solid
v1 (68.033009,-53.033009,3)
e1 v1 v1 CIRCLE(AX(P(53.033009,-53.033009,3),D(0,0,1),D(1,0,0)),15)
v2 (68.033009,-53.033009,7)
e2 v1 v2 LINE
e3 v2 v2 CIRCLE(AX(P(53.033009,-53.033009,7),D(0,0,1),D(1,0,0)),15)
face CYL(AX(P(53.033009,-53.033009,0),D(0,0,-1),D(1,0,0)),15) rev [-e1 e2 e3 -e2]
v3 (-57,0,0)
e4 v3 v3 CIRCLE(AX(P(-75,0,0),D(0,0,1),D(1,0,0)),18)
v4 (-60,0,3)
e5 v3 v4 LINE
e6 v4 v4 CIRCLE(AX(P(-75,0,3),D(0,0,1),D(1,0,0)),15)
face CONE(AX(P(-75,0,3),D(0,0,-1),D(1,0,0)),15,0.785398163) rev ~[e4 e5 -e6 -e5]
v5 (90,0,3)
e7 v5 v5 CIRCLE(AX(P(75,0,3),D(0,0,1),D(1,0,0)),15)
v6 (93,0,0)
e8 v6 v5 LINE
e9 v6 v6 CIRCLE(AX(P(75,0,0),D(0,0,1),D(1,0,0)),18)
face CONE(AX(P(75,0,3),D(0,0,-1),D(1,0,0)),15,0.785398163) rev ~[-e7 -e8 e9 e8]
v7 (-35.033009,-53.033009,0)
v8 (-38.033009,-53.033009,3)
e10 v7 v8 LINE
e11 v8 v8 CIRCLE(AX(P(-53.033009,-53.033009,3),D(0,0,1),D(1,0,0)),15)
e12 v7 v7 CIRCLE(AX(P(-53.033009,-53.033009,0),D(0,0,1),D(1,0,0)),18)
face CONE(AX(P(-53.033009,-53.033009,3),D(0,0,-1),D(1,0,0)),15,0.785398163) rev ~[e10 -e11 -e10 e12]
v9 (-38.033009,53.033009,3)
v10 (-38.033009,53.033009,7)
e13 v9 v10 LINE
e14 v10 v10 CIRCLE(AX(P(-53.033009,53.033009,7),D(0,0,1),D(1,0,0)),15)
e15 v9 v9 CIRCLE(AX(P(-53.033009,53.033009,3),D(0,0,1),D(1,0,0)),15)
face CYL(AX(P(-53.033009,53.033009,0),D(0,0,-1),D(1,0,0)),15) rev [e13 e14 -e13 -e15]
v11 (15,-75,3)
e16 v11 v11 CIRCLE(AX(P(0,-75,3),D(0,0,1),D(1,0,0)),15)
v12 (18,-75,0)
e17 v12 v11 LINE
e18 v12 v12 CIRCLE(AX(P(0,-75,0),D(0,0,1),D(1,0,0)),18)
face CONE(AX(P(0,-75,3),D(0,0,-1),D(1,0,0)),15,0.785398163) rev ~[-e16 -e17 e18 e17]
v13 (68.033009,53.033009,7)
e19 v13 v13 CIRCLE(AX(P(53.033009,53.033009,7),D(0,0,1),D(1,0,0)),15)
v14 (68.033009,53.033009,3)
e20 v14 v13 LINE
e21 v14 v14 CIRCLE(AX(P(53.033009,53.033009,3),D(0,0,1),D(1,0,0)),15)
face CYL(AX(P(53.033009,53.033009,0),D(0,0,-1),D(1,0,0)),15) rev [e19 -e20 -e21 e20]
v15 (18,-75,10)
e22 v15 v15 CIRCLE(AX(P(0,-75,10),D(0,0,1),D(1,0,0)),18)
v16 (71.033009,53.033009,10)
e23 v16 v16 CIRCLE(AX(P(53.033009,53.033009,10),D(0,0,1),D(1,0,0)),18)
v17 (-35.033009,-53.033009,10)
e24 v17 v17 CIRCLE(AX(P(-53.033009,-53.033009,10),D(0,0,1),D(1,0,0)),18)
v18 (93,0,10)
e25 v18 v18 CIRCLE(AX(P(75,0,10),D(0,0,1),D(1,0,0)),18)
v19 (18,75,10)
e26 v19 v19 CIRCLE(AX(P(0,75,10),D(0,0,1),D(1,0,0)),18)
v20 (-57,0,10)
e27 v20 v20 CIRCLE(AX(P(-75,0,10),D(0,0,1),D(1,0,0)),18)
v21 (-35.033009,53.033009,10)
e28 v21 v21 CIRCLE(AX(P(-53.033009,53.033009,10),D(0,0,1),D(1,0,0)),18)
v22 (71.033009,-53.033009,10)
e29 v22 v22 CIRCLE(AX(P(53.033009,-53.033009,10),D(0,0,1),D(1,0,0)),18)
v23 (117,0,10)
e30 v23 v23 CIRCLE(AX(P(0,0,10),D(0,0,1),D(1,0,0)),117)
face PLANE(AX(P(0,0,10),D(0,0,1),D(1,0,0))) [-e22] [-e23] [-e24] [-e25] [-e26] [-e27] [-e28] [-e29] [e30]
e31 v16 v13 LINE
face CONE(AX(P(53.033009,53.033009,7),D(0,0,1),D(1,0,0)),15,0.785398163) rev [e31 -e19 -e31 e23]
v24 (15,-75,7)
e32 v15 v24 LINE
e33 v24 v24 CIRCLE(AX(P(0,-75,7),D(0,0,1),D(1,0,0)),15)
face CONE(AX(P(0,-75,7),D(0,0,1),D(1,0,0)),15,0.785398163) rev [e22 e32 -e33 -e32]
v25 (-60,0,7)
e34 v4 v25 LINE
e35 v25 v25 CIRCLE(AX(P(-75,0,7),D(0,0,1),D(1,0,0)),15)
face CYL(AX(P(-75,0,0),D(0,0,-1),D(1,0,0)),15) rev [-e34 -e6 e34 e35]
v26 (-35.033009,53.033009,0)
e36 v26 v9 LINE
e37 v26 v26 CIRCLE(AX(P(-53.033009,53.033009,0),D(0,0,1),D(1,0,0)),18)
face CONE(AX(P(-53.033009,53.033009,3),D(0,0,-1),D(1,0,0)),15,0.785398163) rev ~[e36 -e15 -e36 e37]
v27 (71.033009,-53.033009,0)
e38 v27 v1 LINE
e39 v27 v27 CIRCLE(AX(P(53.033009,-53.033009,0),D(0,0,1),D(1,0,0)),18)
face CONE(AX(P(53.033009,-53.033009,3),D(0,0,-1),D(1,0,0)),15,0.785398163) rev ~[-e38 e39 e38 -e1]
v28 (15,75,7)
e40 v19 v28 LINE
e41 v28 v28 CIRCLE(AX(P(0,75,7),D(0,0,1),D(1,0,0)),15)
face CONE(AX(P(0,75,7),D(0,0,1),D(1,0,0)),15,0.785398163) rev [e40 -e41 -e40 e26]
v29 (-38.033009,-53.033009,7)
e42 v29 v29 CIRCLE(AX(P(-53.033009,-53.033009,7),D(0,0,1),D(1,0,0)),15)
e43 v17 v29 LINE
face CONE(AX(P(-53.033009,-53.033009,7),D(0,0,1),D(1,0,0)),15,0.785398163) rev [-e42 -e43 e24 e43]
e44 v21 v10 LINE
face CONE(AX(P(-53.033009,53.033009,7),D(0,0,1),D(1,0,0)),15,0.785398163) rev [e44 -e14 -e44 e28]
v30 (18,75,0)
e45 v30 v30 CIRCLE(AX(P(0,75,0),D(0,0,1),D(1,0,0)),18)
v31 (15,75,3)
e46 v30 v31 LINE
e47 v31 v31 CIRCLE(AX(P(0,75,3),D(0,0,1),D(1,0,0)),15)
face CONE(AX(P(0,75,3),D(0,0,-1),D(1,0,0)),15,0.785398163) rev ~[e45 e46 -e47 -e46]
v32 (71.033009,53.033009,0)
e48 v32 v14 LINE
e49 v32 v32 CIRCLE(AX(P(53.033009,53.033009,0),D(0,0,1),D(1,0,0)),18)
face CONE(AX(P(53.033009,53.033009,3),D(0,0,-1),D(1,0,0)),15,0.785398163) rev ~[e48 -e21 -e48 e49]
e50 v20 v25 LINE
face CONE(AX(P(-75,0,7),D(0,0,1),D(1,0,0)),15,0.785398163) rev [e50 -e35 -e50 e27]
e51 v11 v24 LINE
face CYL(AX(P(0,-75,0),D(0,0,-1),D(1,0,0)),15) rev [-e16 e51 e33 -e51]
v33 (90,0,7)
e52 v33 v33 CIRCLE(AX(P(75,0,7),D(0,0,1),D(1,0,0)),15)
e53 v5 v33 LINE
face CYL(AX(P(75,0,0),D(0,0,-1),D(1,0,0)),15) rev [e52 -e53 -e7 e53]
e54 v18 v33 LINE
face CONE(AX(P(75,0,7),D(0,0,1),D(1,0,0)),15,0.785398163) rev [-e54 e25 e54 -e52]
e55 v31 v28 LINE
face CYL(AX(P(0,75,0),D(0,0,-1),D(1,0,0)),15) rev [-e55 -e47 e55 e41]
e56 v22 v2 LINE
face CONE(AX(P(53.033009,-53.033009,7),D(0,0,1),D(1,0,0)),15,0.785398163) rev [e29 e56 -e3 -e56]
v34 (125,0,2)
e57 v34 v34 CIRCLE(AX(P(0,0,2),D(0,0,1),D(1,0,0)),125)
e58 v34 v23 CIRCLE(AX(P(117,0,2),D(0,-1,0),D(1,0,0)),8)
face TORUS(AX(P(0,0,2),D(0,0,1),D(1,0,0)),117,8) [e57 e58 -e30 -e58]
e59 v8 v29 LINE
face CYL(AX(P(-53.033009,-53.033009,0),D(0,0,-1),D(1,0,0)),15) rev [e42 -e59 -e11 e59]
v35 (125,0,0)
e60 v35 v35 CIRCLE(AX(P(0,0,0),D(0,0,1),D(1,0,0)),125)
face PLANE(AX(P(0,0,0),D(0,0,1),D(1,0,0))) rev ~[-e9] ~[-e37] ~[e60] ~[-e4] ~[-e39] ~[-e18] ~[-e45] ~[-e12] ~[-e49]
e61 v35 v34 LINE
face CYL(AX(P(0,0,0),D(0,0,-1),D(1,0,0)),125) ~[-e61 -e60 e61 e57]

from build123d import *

# Parameters (mm, degrees)
F1_R     = 125
F1_R_2   = 15
F2_DEPTH = 10
F3_R     = 8
F4_SIZE  = 3


with BuildPart() as f2:
    # F1 (on face) → F2 (new body)
    with BuildSketch(Plane.XY):
        Circle(F1_R)
        with Locations((-53.033009, -53.033009)):
            Circle(F1_R_2, mode=Mode.SUBTRACT)
        with Locations((0, -75)):
            Circle(F1_R_2, mode=Mode.SUBTRACT)
        with Locations((53.033009, -53.033009)):
            Circle(F1_R_2, mode=Mode.SUBTRACT)
        with Locations((-75, 0)):
            Circle(F1_R_2, mode=Mode.SUBTRACT)
        with Locations((-53.033009, 53.033009)):
            Circle(F1_R_2, mode=Mode.SUBTRACT)
        with Locations((53.033009, 53.033009)):
            Circle(F1_R_2, mode=Mode.SUBTRACT)
        with Locations((75, 0)):
            Circle(F1_R_2, mode=Mode.SUBTRACT)
        with Locations((0, 75)):
            Circle(F1_R_2, mode=Mode.SUBTRACT)
    extrude(amount=F2_DEPTH)

    # F3
    f3_edges = [f2.edges().sort_by_distance(p)[0] for p in [
        (-125, 0, 10),
    ]]
    fillet(f3_edges, radius=F3_R)

    # F4
    f4_edges = [f2.edges().sort_by_distance(p)[0] for p in [
        (-68.033009, -53.033009, 10),
        (-90, 0, 10),
        (-68.033009, 53.033009, 10),
        (-15, 75, 10),
        (38.033009, 53.033009, 10),
        (60, 0, 10),
        (38.033009, -53.033009, 10),
        (-15, -75, 10),
        (38.033009, -53.033009, 0),
        (60, 0, 0),
        (38.033009, 53.033009, 0),
        (-15, 75, 0),
        (-68.033009, 53.033009, 0),
        (-90, 0, 0),
        (-68.033009, -53.033009, 0),
        (-15, -75, 0),
    ]]
    chamfer(f4_edges, length=F4_SIZE)


solid = f2.part
